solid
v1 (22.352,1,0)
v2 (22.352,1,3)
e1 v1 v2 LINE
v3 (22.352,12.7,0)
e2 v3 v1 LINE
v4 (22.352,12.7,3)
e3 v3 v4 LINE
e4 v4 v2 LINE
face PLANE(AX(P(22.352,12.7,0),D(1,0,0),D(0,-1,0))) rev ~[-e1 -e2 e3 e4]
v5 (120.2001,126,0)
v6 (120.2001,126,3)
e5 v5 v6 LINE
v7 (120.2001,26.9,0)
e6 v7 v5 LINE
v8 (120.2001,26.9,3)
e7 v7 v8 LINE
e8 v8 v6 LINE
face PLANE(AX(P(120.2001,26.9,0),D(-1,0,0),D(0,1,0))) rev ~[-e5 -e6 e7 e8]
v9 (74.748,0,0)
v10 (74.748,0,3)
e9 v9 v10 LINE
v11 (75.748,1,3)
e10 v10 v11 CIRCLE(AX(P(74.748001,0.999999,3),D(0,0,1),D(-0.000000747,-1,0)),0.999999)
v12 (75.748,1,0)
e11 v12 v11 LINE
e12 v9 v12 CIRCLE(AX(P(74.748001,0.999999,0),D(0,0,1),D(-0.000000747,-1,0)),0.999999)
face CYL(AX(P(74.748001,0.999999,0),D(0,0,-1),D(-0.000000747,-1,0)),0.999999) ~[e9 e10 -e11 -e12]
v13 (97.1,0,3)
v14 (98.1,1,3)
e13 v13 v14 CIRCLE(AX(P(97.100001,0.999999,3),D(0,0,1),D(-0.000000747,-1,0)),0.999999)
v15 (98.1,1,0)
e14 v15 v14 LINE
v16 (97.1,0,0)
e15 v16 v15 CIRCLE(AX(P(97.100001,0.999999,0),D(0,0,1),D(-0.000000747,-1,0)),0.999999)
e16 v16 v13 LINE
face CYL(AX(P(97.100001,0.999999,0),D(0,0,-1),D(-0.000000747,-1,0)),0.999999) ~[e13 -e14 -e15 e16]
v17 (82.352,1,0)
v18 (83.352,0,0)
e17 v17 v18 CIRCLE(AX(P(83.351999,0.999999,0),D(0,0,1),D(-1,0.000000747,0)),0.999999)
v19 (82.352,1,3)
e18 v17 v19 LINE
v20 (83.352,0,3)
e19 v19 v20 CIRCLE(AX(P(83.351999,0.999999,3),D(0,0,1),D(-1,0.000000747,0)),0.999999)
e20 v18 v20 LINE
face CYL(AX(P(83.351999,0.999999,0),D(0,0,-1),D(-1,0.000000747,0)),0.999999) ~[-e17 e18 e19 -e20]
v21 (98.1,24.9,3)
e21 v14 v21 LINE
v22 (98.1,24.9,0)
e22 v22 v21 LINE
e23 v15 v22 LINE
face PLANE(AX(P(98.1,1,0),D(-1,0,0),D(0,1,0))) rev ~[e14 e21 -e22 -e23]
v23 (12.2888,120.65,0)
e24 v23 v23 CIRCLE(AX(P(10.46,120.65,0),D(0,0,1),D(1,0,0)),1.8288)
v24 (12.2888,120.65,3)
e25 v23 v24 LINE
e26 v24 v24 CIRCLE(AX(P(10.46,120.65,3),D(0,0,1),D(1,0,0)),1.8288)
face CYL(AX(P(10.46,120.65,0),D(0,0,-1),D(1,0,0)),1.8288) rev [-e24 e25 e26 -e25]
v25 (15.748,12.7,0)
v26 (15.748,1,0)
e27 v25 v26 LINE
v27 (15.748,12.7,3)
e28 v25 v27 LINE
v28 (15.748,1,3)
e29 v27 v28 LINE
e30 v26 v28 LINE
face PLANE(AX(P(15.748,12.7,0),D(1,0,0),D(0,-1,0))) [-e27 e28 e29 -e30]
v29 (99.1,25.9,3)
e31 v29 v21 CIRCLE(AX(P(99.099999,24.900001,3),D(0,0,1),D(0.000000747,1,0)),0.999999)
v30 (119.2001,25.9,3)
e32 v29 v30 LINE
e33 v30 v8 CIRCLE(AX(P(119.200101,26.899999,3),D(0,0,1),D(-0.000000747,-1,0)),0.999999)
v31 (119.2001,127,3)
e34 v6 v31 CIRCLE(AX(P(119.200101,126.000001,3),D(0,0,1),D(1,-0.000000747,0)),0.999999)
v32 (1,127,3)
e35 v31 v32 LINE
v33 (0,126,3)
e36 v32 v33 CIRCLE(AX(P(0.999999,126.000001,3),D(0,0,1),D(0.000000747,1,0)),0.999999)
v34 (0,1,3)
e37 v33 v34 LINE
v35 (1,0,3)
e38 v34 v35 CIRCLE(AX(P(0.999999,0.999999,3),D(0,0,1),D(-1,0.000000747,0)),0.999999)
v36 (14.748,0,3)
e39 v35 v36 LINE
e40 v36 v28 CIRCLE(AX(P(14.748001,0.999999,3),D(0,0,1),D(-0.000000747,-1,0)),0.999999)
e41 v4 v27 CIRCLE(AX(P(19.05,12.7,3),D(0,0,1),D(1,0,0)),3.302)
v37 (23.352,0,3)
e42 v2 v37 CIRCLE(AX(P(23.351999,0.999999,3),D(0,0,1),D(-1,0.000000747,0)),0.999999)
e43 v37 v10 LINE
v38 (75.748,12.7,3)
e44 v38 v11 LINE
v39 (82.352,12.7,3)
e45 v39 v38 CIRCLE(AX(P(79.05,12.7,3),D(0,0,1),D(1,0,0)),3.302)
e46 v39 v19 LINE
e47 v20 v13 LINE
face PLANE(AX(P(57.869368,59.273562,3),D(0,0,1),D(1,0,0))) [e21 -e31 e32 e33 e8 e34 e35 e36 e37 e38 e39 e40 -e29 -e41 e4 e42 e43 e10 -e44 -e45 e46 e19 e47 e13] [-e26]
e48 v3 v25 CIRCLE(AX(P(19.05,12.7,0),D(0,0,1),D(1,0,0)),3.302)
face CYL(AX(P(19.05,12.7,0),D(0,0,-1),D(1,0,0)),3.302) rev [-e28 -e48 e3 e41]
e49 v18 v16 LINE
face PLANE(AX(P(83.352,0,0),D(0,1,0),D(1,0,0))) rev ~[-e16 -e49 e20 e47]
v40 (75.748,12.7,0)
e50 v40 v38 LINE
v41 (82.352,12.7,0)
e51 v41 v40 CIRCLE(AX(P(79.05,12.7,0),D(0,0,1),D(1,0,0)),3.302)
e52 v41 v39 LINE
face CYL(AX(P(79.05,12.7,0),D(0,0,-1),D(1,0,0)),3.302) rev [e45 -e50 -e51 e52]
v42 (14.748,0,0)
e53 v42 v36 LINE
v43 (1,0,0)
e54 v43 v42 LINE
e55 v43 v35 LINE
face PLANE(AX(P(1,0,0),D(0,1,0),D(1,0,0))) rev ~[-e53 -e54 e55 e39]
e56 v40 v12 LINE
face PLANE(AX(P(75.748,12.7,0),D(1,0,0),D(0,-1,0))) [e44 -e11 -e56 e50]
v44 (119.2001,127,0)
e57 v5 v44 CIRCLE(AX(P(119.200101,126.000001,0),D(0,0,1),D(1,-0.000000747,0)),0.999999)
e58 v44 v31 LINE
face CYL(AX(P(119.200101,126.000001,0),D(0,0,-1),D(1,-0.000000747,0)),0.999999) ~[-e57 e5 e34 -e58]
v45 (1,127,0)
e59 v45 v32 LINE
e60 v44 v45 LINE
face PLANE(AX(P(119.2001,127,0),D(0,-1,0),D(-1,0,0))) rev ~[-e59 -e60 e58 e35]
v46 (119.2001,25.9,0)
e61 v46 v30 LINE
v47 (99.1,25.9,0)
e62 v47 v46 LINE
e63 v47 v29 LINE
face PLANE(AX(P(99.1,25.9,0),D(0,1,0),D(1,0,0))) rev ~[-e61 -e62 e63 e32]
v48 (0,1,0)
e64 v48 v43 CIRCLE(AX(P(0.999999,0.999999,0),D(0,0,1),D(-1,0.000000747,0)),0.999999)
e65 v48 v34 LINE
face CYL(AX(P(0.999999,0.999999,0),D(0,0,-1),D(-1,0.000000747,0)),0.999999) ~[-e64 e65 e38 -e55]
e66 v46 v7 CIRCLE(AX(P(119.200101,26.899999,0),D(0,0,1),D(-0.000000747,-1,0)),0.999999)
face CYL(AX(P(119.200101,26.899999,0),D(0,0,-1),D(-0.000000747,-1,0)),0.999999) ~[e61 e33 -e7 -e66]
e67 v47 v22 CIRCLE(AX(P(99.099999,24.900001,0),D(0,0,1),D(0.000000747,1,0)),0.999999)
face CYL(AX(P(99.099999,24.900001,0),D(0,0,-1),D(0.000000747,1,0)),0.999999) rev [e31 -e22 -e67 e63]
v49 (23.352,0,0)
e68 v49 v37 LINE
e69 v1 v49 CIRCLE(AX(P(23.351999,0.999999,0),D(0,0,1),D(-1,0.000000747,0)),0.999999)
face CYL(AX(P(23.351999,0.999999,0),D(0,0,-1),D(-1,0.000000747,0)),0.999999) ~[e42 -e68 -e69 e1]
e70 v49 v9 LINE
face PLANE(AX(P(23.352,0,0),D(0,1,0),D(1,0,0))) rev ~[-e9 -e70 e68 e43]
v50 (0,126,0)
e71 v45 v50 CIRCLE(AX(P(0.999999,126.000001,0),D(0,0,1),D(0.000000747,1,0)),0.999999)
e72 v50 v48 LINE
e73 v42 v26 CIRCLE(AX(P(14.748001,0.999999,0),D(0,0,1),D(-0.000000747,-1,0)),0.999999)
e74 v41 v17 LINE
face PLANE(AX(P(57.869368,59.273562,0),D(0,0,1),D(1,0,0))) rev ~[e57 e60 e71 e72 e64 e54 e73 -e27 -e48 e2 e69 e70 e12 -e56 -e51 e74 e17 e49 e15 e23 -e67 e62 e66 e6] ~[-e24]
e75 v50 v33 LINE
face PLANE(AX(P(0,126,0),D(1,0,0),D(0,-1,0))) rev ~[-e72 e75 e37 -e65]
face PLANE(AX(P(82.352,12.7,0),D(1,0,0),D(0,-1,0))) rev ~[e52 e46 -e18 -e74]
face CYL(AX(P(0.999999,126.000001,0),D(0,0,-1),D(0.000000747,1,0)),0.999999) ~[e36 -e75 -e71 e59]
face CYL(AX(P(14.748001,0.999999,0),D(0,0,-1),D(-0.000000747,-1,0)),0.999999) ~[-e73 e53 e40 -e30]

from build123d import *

# Parameters (mm, degrees)
SKETCH_R  = 1.8288
PAD_DEPTH = 3


with BuildPart() as part:
    # Sketch → Pad (new body)
    with BuildSketch(Plane.XY):
        with BuildLine():
            Line((0, 126), (0, 1))
            ThreePointArc((0, 1), (0.292893, 0.292893), (1, 0))
            Line((1, 0), (14.748, 0))
            ThreePointArc((14.748, 0), (15.455107, 0.292893), (15.748, 1))
            Line((15.748, 12.7), (15.748, 1))
            ThreePointArc((22.352, 12.7), (19.05, 16.002), (15.748, 12.7))
            Line((22.352, 12.7), (22.352, 1))
            ThreePointArc((22.352, 1), (22.644893, 0.292893), (23.352, 0))
            Line((23.352, 0), (74.748, 0))
            ThreePointArc((74.748, 0), (75.455107, 0.292893), (75.748, 1))
            Line((75.748, 12.7), (75.748, 1))
            ThreePointArc((82.352, 12.7), (79.05, 16.002), (75.748, 12.7))
            Line((82.352, 12.7), (82.352, 1))
            ThreePointArc((82.352, 1), (82.644893, 0.292893), (83.352, 0))
            Line((83.352, 0), (97.1, 0))
            ThreePointArc((97.1, 0), (97.807107, 0.292893), (98.1, 1))
            Line((98.1, 1), (98.1, 24.9))
            ThreePointArc((99.1, 25.9), (98.392893, 25.607107), (98.1, 24.9))
            Line((99.1, 25.9), (119.2001, 25.9))
            ThreePointArc((119.2001, 25.9), (119.907207, 26.192893), (120.2001, 26.9))
            Line((120.2001, 26.9), (120.2001, 126))
            ThreePointArc((120.2001, 126), (119.907207, 126.707107), (119.2001, 127))
            Line((119.2001, 127), (1, 127))
            ThreePointArc((1, 127), (0.292893, 126.707107), (0, 126))
        make_face()
        with Locations((10.46, 120.65)):
            Circle(SKETCH_R, mode=Mode.SUBTRACT)
    extrude(amount=PAD_DEPTH)


solid = part.part
